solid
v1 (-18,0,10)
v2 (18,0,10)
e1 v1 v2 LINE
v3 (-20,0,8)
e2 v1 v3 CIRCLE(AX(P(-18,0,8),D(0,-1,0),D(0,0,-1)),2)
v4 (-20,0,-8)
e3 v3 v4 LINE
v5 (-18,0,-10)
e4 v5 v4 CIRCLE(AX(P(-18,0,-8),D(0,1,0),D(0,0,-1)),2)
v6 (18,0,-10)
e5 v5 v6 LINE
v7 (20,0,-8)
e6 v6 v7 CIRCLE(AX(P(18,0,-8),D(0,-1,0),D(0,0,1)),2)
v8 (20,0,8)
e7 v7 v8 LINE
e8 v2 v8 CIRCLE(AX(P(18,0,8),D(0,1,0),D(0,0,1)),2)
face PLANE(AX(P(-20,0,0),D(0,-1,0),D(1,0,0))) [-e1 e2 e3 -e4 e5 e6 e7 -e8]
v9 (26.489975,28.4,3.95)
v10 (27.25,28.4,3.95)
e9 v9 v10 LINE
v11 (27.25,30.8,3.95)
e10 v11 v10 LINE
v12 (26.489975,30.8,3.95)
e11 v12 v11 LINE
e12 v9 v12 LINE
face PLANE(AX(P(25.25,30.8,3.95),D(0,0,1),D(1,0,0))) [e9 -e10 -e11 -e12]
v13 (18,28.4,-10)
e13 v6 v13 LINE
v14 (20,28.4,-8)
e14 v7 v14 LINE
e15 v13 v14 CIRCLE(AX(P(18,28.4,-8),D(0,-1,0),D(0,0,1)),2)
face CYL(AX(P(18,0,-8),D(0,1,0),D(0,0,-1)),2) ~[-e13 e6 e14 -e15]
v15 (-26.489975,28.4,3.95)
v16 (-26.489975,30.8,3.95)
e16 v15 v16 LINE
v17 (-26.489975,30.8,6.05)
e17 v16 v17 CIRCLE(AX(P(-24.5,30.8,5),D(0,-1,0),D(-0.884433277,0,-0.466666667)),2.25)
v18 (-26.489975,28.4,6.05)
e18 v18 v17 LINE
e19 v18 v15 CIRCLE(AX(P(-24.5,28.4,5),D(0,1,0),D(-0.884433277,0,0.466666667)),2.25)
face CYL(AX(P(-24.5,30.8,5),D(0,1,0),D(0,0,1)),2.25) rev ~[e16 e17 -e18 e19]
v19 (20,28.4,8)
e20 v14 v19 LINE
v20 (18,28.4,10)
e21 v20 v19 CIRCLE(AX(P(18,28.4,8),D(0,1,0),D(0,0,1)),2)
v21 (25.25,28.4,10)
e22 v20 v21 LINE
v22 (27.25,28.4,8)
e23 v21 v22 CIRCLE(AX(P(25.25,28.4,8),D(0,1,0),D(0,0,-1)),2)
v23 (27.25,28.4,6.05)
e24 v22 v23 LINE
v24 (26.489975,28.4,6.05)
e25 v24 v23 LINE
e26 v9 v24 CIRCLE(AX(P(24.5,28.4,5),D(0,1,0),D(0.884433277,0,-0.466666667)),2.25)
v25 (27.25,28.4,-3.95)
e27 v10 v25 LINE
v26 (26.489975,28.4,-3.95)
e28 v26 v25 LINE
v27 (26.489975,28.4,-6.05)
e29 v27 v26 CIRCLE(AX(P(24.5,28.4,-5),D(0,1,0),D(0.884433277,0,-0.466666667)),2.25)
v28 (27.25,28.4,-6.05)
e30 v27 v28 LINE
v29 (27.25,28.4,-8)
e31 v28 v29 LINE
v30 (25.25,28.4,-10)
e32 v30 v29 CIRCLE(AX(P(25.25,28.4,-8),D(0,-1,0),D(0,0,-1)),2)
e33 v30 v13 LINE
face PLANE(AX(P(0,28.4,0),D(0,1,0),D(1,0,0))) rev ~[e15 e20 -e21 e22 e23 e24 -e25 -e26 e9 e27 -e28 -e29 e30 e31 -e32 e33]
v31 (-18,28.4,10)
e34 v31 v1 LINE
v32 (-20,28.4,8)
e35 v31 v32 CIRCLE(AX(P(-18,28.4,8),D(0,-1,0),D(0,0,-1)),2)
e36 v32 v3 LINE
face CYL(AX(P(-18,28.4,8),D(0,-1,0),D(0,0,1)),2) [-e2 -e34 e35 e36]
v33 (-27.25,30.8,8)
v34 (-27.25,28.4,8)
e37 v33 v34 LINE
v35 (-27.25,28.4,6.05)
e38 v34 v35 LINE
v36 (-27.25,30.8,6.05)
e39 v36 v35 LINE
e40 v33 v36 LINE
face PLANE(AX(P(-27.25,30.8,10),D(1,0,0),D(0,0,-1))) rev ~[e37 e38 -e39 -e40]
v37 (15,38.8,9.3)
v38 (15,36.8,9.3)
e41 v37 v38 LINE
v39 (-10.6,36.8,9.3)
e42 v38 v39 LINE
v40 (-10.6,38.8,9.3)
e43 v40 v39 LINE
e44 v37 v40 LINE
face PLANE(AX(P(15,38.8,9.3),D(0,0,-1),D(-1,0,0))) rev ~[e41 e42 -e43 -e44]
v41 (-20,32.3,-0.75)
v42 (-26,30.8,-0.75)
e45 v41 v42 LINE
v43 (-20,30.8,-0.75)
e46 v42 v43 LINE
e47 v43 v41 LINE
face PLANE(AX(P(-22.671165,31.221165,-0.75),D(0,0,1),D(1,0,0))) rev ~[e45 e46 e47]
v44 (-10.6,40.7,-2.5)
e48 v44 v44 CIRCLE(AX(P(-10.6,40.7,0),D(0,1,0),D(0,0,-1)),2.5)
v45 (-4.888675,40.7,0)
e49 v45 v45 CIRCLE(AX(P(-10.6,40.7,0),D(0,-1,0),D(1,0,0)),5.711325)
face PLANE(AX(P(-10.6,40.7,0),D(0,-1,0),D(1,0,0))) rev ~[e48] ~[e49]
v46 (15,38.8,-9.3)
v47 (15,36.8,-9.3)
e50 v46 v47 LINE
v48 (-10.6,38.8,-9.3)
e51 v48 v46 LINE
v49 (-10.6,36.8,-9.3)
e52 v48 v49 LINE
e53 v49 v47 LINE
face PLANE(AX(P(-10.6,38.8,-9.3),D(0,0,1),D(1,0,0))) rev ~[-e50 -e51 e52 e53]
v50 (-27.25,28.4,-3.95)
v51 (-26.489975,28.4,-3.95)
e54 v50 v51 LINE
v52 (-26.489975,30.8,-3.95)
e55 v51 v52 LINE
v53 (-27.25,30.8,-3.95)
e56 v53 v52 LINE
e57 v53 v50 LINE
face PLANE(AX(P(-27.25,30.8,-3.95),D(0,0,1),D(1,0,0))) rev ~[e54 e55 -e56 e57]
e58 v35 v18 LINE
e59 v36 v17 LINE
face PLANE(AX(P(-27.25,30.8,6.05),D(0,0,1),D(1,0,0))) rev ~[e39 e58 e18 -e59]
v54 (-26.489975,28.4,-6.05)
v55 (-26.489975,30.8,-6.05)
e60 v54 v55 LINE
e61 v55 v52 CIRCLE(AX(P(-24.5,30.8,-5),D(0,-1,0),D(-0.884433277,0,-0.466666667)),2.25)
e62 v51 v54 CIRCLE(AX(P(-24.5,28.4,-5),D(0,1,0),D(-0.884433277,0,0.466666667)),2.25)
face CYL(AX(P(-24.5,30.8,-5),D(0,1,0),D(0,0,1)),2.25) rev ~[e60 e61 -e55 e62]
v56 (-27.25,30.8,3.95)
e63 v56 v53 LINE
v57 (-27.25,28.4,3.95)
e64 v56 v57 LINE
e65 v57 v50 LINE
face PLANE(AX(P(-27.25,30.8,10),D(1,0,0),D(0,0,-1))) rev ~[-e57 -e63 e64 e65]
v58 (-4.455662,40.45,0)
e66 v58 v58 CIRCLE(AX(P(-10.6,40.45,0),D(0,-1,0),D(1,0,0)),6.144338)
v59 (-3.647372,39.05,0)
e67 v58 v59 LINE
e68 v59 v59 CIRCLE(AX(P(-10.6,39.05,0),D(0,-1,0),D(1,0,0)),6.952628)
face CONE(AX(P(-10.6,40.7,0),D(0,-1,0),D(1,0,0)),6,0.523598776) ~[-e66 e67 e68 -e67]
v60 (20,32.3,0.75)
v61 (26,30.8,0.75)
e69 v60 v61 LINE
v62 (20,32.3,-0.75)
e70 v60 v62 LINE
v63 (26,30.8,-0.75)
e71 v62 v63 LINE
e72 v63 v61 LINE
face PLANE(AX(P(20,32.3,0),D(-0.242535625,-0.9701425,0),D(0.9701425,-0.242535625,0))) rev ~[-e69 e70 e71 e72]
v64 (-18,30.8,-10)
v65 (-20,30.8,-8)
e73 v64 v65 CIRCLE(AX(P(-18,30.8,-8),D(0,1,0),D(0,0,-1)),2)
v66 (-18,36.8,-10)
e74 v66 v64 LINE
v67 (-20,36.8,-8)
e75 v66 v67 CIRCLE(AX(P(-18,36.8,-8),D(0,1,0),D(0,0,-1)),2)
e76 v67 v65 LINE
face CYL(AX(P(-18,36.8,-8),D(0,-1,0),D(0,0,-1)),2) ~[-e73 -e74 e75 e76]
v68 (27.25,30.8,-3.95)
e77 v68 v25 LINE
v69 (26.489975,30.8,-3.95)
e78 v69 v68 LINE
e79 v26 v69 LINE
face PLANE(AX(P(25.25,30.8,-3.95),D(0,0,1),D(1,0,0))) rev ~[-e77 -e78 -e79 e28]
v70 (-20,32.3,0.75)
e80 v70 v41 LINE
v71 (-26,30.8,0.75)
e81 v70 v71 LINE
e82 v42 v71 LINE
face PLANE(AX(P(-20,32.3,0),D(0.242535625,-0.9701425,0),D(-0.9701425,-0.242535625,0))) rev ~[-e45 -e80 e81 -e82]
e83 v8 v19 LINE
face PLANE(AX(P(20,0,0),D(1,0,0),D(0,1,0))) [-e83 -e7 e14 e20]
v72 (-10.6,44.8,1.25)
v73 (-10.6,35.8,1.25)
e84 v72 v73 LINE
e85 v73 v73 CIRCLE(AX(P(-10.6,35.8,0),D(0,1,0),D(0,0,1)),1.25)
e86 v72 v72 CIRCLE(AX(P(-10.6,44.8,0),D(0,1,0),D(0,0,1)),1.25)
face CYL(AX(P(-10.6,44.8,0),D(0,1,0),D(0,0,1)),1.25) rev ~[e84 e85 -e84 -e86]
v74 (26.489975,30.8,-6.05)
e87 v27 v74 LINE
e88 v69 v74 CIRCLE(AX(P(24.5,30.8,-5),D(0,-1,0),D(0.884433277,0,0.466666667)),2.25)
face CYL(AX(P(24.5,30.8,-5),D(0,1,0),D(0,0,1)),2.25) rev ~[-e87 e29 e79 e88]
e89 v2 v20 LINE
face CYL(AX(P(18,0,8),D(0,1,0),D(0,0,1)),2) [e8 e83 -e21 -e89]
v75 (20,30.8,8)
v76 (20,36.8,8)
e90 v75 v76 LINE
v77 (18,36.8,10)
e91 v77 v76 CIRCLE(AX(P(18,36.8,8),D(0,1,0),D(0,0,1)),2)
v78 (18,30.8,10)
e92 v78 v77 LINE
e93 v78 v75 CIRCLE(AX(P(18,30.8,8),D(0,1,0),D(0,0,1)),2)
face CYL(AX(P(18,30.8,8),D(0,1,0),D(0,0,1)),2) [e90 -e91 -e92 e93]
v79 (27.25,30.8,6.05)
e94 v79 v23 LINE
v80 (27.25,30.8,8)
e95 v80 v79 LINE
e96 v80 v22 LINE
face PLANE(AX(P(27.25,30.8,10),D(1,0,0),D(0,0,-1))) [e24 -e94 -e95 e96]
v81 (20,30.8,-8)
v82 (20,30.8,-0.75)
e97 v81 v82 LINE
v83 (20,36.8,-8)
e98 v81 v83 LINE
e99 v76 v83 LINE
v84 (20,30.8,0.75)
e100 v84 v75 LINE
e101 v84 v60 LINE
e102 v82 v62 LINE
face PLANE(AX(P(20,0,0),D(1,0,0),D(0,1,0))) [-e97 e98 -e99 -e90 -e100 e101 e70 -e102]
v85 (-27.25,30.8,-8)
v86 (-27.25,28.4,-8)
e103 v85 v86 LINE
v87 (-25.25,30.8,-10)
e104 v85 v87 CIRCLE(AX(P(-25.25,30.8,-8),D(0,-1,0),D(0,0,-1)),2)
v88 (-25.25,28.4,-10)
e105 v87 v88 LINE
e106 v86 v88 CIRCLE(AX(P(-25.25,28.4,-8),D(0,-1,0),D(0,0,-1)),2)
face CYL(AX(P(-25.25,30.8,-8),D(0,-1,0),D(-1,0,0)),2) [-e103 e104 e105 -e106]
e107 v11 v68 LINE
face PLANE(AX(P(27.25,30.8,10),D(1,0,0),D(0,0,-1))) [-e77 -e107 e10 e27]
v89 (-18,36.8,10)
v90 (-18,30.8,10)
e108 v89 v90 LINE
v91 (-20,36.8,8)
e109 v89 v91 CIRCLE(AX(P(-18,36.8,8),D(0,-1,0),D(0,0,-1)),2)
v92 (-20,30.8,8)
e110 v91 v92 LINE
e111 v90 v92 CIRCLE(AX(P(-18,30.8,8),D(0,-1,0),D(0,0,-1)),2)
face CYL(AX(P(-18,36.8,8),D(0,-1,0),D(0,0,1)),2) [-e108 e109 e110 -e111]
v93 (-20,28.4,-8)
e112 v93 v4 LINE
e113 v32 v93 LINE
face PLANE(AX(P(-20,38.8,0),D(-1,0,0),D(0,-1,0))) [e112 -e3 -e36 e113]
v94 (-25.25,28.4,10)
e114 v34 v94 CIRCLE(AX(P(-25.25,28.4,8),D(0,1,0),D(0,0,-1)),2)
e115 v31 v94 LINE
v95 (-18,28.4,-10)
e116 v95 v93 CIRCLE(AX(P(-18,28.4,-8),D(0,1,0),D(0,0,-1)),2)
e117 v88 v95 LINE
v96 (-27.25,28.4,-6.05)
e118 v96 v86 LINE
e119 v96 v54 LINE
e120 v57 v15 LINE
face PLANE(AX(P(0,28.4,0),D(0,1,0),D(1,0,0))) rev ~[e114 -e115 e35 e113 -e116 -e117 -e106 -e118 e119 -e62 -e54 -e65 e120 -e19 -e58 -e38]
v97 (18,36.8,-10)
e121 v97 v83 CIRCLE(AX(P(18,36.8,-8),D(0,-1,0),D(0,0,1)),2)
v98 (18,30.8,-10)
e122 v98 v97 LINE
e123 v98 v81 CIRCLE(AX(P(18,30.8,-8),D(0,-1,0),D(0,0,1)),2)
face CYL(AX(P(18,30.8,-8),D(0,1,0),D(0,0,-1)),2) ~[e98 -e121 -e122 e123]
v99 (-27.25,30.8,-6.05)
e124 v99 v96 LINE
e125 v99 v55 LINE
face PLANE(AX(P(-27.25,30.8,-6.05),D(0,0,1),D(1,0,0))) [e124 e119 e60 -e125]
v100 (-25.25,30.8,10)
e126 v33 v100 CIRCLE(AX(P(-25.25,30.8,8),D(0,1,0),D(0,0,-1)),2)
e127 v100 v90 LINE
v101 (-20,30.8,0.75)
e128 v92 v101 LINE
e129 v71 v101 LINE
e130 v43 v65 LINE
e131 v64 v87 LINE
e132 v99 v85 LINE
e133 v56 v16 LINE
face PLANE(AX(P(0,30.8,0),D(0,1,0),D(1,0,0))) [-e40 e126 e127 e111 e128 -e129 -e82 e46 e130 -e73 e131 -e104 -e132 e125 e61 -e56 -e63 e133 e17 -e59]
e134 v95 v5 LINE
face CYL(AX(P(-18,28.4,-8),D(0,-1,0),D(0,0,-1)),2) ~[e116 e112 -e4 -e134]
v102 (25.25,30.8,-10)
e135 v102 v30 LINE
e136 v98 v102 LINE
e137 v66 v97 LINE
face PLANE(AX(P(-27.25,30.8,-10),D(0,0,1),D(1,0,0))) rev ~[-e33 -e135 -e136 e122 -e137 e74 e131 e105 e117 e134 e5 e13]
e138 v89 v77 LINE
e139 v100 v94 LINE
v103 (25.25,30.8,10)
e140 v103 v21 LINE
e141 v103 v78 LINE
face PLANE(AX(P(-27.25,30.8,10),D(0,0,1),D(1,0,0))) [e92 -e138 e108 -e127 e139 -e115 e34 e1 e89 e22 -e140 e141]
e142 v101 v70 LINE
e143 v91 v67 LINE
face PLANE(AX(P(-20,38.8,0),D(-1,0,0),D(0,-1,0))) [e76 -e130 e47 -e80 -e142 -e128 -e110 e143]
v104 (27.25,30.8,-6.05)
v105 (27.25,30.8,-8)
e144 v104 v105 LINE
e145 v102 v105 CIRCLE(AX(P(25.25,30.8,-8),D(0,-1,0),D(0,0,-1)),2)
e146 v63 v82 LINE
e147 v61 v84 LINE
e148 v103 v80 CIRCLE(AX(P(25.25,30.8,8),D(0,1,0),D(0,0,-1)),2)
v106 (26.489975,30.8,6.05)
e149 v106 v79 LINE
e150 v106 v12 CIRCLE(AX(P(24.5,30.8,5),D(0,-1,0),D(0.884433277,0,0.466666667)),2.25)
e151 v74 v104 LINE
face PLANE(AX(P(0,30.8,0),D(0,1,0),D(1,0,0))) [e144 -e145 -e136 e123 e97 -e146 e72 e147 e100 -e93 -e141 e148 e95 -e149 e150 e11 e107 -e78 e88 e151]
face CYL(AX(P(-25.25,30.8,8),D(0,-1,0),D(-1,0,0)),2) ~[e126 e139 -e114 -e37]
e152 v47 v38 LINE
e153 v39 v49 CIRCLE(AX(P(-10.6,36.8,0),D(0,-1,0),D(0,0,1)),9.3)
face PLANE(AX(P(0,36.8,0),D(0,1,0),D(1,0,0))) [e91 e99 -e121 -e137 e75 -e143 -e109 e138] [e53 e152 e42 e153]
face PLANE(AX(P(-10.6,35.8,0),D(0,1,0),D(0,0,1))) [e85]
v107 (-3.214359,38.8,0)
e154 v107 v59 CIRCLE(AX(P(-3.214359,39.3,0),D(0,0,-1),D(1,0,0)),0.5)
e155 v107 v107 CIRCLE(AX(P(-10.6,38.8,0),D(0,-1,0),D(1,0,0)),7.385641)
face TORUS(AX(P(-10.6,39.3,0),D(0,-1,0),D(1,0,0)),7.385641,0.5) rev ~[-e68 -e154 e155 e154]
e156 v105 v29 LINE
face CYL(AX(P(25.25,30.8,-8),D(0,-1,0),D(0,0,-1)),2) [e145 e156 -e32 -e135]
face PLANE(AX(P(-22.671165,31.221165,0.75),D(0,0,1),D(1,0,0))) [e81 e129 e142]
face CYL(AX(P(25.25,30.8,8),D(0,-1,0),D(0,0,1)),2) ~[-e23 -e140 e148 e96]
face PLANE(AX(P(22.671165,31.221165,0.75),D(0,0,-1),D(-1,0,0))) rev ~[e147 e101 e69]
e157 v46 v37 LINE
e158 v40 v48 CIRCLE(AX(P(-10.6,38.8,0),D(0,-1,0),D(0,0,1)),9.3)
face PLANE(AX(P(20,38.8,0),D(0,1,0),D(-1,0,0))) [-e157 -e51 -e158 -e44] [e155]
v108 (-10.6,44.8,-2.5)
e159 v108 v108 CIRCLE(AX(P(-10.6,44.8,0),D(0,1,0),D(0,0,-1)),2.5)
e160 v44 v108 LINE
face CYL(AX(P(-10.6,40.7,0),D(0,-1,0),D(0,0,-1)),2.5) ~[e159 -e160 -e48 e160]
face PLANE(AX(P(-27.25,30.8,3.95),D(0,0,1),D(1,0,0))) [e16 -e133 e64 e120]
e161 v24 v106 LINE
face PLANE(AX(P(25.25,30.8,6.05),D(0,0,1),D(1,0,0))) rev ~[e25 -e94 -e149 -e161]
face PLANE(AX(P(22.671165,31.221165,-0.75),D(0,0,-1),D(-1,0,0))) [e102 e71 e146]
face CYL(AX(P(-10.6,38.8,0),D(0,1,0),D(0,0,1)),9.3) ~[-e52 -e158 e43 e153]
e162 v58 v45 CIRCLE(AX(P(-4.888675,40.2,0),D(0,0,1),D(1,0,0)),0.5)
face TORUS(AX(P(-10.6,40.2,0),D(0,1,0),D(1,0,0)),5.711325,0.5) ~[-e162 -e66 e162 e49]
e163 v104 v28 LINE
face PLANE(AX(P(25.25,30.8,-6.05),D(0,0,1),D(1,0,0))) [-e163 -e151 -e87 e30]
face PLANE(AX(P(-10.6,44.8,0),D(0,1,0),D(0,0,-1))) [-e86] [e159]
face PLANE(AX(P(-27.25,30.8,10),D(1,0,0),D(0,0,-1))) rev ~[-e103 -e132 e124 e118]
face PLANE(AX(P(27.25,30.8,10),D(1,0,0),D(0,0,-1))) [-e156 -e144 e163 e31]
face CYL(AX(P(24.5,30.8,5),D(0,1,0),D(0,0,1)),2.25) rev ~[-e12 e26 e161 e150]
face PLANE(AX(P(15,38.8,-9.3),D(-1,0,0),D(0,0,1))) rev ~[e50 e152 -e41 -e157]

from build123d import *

# Parameters (mm, degrees)
EXTRUDE_1_DEPTH     = 10
EXTRUDE_START       = 30.8
SKETCH_4_W          = 54.5
SKETCH_4_H          = 20
EXTRUDE_2_DEPTH     = 2.4
SKETCH_5_R          = 2.25
CUT_EXTRUDE_1_DEPTH = 3.1
SKETCH_6_W          = 2
SKETCH_6_H          = 2.1
CUT_EXTRUDE_2_DEPTH = 3.1
SKETCH_8_R          = 6
EXTRUDE_3_DEPTH     = 1.9
EXTRUDE_3_DRAFT     = -30
SKETCH_9_R          = 2.5
EXTRUDE_4_DEPTH     = 4.1
SKETCH_10_R         = 1.25
CUT_EXTRUDE_3_DEPTH = 9
EXTRUDE_5_DEPTH     = 0.75
SKETCH_12_W         = 40
SKETCH_12_H         = 20
CUT_EXTRUDE_5_DEPTH = 2
FILLET_1_R          = 2
FILLET_2_R          = 0.5


with BuildPart() as part:
    # 草图3 → 凸台-拉伸1 (new, symmetric)
    with BuildSketch(Plane.XY):
        Polygon((-20, 0), (20, 0), (20, 35.1), (20, 38.8), (16, 38.8), (-13.8, 38.8), (-20, 38.8), (-20, 34.4), align=None)
    extrude(amount=EXTRUDE_1_DEPTH, both=True)

    # 草图4 → 凸台-拉伸2 (add)
    with BuildSketch(Plane(origin=(0, 0, 0), x_dir=(1, 0, 0), z_dir=(0, 1, 0)).offset(EXTRUDE_START)):
        Rectangle(SKETCH_4_W, SKETCH_4_H)
    extrude(amount=-EXTRUDE_2_DEPTH)

    # 草图5 → 切除-拉伸1 (cut)
    with BuildSketch(Plane(origin=(0, 30.8, 0), x_dir=(1, 0, 0), z_dir=(0, 1, 0))):
        with Locations(Location((-24.5, 5, 0), (0, 0, 270))):
            Circle(SKETCH_5_R)
        with Locations(Location((24.5, 5, 0), (0, 0, 270))):
            Circle(SKETCH_5_R)
        with Locations(Location((24.5, -5, 0), (0, 0, 270))):
            Circle(SKETCH_5_R)
        with Locations(Location((-24.5, -5, 0), (0, 0, 270))):
            Circle(SKETCH_5_R)
    extrude(amount=-CUT_EXTRUDE_1_DEPTH, mode=Mode.SUBTRACT)

    # 草图6 → 切除-拉伸2 (cut)
    with BuildSketch(Plane(origin=(0, 30.8, 0), x_dir=(1, 0, 0), z_dir=(0, 1, 0))):
        with Locations((-26.25, 5)):
            Rectangle(SKETCH_6_W, SKETCH_6_H)
        with Locations((26.25, 5)):
            Rectangle(SKETCH_6_W, SKETCH_6_H)
        with Locations((26.25, -5)):
            Rectangle(SKETCH_6_W, SKETCH_6_H)
        with Locations((-26.25, -5)):
            Rectangle(SKETCH_6_W, SKETCH_6_H)
    extrude(amount=-CUT_EXTRUDE_2_DEPTH, mode=Mode.SUBTRACT)


with BuildPart() as extrude_3_tool:
    # 草图8 → 凸台-拉伸3 (with draft: the straight prism first)
    with BuildSketch(Plane.XZ.offset(-40.7)):
        with Locations((-10.6, 0)):
            Circle(SKETCH_8_R)
    extrude(amount=EXTRUDE_3_DEPTH)
    # 凸台-拉伸3: the draft: its side faces are tilted about the plane it starts from
    extrude_3_sides = [extrude_3_tool.faces().sort_by_distance(p)[0] for p in [
        (-16.6, 39.75, 0),
    ]]
    draft(extrude_3_sides, Plane.XZ.offset(-40.7), EXTRUDE_3_DRAFT)


with BuildPart() as part_1:
    add(part.part)

    # 凸台-拉伸3: add extrude_3_tool
    add(extrude_3_tool.part)

    # 草图9 → 凸台-拉伸4 (add)
    with BuildSketch(Plane(origin=(0, 40.7, 0), x_dir=(1, 0, 0), z_dir=(0, 1, 0))):
        with Locations(Location((-10.6, 0, 0), (0, 0, 90))):
            Circle(SKETCH_9_R)
    extrude(amount=EXTRUDE_4_DEPTH)

    # 草图10 → 切除-拉伸3 (cut)
    with BuildSketch(Plane(origin=(0, 44.8, 0), x_dir=(1, 0, 0), z_dir=(0, 1, 0))):
        with Locations(Location((-10.6, 0, 0), (0, 0, 270))):
            Circle(SKETCH_10_R)
    extrude(amount=-CUT_EXTRUDE_3_DEPTH, mode=Mode.SUBTRACT)

    # 草图11 → 凸台-拉伸5 (add, symmetric)
    with BuildSketch(Plane.XY):
        Polygon((-20, 32.3), (-26, 30.8), (-20, 30.8), align=None)
        Polygon((20, 30.8), (20, 32.3), (26, 30.8), align=None)
    extrude(amount=EXTRUDE_5_DEPTH, both=True)

    # 草图12 → 切除-拉伸5 (cut)
    with BuildSketch(Plane(origin=(0, 38.8, 0), x_dir=(1, 0, 0), z_dir=(0, 1, 0))):
        Rectangle(SKETCH_12_W, SKETCH_12_H)
        with BuildLine():
            Line((-10.6, 9.3), (15, 9.3))
            Line((15, 9.3), (15, -9.3))
            Line((15, -9.3), (-10.6, -9.3))
            ThreePointArc((-10.6, -9.3), (-19.9, 0), (-10.6, 9.3))
        make_face(mode=Mode.SUBTRACT)
    extrude(amount=-CUT_EXTRUDE_5_DEPTH, mode=Mode.SUBTRACT)

    # 圆角1
    fillet_1_edges = [part_1.edges().sort_by_distance(p)[0] for p in [
        (20, 14.2, 10),
        (-20, 33.8, -10),
        (-20, 33.8, 10),
        (-20, 14.2, -10),
        (20, 33.8, -10),
        (-20, 14.2, 10),
        (20, 33.8, 10),
        (27.25, 29.6, 10),
        (-27.25, 29.6, -10),
        (27.25, 29.6, -10),
        (-27.25, 29.6, 10),
        (20, 14.2, -10),
    ]]
    fillet(fillet_1_edges, radius=FILLET_1_R)

    # 圆角2
    fillet_2_edges = [part_1.edges().sort_by_distance(p)[0] for p in [
        (-17.696965511, 38.8, 0),
        (-16.6, 40.7, 0),
    ]]
    fillet(fillet_2_edges, radius=FILLET_2_R)


solid = part_1.part
